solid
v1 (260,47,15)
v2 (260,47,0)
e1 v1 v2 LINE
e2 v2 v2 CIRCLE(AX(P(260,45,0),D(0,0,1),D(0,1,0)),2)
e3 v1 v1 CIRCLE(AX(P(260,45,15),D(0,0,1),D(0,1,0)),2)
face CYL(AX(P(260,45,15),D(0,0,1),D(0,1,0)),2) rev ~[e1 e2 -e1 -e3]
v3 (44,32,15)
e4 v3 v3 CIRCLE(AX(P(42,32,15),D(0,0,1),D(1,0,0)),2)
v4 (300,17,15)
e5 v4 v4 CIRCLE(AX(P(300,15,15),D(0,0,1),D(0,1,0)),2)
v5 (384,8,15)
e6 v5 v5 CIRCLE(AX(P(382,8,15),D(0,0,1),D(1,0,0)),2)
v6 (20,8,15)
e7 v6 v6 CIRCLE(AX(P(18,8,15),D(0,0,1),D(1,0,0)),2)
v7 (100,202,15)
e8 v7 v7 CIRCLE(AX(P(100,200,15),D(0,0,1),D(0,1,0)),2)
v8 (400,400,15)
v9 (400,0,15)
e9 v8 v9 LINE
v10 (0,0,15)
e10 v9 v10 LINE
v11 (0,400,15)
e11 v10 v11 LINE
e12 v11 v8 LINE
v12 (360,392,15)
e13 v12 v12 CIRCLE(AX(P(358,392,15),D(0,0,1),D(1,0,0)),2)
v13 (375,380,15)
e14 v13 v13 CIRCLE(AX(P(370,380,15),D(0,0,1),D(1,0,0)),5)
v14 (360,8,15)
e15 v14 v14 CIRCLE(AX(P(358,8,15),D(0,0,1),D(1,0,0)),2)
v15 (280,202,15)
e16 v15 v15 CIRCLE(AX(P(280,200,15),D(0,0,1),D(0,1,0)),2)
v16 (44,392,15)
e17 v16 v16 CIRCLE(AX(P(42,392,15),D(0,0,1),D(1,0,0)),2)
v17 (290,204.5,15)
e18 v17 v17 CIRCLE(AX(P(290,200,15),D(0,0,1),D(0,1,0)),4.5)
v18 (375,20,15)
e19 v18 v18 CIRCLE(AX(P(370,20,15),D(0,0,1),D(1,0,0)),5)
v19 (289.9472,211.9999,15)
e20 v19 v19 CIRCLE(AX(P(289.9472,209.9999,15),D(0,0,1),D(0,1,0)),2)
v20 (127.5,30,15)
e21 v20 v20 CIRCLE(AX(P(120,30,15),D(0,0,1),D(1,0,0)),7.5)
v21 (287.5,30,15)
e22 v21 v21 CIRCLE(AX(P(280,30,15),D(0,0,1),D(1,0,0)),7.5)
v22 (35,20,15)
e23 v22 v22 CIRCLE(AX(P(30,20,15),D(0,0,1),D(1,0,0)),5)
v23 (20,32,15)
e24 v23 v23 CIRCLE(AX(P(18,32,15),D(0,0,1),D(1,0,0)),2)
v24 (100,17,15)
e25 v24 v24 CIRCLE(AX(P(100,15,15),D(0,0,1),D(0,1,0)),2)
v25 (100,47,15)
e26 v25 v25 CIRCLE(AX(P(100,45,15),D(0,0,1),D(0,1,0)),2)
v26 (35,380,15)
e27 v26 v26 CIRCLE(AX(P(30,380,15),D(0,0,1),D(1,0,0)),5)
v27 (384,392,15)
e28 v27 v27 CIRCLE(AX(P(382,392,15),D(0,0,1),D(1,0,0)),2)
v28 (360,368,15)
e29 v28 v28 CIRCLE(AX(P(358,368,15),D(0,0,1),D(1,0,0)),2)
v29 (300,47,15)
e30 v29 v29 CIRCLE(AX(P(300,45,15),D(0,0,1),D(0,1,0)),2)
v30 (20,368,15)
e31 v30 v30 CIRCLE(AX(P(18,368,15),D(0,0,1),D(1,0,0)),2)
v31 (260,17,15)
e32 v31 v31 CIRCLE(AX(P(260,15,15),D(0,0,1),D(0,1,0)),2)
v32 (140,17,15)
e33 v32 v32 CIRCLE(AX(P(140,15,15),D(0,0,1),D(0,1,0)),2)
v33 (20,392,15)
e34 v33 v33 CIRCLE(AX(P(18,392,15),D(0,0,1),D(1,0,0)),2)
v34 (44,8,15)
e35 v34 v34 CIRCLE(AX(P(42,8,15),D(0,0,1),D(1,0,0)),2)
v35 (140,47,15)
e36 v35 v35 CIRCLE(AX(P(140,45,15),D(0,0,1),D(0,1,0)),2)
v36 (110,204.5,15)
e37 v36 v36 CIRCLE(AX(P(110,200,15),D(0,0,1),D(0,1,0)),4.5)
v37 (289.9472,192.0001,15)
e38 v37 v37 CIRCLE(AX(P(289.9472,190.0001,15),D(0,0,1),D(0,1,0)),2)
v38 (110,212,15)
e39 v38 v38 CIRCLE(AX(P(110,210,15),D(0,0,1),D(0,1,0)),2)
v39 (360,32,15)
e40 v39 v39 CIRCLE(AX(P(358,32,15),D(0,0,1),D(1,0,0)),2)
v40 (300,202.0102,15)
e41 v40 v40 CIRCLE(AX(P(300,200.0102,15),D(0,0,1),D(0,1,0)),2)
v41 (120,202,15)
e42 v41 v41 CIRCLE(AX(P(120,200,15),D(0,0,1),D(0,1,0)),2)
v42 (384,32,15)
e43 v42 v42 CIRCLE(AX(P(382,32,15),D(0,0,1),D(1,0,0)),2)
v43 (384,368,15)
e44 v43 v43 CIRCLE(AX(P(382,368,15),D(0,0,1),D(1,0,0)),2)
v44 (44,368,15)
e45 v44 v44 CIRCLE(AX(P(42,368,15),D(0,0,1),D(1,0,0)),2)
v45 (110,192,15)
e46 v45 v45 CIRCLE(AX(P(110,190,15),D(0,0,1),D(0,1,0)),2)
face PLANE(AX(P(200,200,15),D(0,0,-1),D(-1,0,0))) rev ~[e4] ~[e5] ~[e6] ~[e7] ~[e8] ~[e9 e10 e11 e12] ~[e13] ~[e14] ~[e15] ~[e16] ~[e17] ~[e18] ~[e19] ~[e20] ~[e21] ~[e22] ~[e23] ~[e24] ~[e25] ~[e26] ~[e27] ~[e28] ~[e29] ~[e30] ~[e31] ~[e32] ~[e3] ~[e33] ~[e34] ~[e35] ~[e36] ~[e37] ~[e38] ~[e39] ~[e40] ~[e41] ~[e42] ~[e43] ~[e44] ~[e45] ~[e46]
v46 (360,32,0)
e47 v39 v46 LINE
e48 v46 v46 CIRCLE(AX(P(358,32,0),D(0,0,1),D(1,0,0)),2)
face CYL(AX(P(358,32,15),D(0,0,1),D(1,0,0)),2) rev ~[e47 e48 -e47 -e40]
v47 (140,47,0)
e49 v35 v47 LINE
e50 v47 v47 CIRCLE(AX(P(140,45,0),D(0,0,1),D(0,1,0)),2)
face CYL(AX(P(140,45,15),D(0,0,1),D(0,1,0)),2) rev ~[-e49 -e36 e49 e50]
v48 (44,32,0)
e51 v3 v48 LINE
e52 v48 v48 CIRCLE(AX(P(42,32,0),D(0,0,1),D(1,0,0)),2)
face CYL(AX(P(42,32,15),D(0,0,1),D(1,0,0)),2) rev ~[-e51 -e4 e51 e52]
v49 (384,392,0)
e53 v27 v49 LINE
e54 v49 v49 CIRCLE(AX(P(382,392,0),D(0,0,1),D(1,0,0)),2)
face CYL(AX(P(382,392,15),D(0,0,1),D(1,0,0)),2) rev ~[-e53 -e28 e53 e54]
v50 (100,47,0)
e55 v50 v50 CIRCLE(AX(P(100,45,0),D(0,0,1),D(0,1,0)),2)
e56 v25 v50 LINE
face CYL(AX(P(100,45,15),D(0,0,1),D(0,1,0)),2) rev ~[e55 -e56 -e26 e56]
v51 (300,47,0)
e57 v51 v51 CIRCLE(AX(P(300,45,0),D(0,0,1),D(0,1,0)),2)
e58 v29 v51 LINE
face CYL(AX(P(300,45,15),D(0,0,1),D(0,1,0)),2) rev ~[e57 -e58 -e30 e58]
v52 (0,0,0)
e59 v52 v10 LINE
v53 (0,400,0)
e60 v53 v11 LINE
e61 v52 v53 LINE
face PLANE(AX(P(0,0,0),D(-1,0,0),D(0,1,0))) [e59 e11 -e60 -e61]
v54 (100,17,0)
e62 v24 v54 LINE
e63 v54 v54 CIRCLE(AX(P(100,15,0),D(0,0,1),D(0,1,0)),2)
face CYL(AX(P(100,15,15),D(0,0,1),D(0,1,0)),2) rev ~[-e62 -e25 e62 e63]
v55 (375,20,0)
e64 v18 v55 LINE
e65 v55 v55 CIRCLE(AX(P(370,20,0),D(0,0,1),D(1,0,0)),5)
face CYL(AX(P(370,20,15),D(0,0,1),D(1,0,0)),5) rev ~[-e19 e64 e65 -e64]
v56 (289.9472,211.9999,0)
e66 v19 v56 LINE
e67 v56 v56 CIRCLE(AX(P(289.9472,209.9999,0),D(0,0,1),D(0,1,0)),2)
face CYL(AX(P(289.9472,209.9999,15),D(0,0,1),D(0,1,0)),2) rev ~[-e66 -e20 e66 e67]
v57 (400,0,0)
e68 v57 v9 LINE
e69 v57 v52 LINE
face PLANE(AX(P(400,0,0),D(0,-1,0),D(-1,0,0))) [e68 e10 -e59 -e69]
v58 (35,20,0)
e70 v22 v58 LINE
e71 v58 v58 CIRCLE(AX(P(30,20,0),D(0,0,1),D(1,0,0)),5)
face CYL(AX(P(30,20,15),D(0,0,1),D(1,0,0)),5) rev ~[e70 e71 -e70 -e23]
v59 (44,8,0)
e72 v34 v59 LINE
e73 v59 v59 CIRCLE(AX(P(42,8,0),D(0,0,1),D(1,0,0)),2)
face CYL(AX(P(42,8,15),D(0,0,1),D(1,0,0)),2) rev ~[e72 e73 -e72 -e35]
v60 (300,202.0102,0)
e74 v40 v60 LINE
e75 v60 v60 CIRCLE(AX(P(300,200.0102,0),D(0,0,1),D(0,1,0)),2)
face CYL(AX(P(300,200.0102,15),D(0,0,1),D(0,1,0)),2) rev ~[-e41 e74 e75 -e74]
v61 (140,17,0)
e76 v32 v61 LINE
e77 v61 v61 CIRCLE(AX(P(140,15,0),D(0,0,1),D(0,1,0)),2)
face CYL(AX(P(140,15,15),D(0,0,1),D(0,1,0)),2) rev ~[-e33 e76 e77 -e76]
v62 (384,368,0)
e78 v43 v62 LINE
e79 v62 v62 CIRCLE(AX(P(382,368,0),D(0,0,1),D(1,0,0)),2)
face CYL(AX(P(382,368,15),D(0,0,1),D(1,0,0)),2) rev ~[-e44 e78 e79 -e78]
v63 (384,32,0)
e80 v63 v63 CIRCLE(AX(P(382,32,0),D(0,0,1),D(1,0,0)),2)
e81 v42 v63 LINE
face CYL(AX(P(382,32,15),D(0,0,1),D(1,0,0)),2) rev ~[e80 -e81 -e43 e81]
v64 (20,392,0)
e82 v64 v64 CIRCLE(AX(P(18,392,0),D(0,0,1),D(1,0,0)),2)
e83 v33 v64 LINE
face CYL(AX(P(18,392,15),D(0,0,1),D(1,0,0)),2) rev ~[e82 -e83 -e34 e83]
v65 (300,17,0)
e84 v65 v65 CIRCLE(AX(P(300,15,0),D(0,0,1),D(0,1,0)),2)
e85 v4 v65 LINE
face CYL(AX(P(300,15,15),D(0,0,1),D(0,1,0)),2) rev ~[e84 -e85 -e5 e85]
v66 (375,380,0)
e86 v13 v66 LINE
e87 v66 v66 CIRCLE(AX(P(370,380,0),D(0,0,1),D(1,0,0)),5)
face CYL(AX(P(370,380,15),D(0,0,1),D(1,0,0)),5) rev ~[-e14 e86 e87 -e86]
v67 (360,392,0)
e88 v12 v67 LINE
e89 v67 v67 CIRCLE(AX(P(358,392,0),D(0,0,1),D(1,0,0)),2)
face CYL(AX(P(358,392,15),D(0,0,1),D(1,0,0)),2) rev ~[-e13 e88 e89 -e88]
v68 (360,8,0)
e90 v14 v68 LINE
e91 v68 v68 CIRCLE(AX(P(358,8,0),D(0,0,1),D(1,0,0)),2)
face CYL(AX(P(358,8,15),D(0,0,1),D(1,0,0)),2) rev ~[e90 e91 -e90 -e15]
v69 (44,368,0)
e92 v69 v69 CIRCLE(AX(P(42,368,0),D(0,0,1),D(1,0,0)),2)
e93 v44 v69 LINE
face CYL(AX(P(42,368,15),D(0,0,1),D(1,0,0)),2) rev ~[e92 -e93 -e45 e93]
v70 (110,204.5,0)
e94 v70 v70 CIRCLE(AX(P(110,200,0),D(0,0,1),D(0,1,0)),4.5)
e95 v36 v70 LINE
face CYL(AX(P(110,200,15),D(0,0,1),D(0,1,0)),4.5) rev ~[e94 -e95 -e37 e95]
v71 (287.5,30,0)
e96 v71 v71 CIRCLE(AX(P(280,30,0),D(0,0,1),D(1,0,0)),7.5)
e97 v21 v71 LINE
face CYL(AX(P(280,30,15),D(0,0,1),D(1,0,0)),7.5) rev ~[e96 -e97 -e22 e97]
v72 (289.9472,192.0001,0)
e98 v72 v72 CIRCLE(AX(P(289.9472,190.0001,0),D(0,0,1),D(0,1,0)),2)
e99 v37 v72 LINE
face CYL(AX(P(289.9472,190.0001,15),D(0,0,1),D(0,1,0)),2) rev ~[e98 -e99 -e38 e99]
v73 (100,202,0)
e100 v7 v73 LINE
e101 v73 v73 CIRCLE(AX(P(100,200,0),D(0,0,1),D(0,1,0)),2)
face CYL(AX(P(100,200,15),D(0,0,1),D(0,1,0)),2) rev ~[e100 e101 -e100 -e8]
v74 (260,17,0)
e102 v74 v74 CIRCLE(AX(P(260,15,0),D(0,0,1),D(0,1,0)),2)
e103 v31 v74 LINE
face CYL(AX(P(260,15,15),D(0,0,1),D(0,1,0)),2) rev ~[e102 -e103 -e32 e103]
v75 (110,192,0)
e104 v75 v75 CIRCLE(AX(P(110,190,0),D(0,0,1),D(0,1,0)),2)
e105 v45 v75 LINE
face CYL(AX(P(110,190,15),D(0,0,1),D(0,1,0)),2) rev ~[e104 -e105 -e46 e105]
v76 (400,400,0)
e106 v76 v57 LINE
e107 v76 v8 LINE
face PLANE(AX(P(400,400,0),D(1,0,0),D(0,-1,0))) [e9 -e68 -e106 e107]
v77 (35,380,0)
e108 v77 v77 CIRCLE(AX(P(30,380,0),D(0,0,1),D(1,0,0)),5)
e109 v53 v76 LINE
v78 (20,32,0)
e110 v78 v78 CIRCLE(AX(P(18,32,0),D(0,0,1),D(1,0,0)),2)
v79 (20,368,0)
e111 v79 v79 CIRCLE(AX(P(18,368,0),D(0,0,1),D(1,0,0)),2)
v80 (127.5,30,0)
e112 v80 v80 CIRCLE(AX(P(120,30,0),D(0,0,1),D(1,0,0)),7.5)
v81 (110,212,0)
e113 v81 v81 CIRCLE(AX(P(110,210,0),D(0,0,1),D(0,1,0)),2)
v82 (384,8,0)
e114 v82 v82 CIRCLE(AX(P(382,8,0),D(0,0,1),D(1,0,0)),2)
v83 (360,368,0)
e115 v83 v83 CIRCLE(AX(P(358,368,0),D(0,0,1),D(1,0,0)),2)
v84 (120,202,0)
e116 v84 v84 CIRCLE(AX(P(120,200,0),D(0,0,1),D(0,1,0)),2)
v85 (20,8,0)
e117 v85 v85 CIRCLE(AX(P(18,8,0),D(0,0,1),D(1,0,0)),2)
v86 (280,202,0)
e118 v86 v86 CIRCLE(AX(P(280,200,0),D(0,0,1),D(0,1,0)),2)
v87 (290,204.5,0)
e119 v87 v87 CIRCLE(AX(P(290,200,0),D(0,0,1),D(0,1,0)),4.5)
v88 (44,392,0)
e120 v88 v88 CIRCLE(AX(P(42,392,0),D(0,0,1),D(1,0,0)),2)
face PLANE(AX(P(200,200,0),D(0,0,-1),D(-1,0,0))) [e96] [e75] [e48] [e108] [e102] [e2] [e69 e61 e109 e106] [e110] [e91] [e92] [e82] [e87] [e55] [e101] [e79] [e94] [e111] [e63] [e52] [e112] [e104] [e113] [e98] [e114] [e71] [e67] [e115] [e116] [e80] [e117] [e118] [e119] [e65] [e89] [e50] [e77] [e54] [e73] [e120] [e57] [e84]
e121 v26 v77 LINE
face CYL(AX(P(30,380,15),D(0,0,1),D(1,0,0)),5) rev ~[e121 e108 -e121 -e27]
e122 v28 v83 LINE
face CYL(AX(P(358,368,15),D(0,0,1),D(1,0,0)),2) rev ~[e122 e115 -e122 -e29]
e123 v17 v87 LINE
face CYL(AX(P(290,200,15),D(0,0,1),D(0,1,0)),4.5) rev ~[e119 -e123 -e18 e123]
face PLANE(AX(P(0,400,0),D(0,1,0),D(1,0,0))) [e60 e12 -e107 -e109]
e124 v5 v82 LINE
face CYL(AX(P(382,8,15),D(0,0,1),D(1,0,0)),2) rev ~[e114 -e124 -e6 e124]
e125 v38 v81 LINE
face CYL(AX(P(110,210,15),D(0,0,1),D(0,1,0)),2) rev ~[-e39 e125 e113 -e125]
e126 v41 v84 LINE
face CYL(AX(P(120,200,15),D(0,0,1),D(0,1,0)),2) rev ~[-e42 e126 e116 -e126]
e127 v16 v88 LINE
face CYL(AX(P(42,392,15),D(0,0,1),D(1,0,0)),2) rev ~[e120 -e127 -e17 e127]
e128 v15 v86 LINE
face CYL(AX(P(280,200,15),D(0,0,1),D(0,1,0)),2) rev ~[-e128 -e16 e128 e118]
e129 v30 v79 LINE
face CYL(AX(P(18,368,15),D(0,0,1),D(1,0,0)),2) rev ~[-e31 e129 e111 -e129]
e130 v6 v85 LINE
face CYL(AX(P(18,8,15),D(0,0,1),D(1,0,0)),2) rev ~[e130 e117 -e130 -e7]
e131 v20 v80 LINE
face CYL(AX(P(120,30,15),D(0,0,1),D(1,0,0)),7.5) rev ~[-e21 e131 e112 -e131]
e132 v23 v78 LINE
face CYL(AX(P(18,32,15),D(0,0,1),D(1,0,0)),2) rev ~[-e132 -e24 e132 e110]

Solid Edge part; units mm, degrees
sketch "Sketch1" plane through (0, 0, 0) normal (0, 0, 1) x (1, 0, 0)
  line L0 (400, 0) -> (0, 0)
  line L1 (0, 0) -> (0, 400)
  line L2 (0, 400) -> (400, 400)
  line L3 (400, 400) -> (400, 0)
extrude "Protrusion1" add sketch "Sketch1" along normal blind 15
sketch "Sketch2" plane through (200, 200, 15) normal (0, 0, 1) x (1, 0, 0)
  circle A0 centre (-170, 180) radius 5
extrude "VaciadoExtruido_1" cut sketch "Sketch2" against normal blind 15
sketch "Sketch3" plane through (200, 200, 15) normal (0, 0, 1) x (1, 0, 0)
  circle A0 centre (170, -180) radius 5
extrude "VaciadoExtruido_7" cut sketch "Sketch3" against normal blind 15
sketch "Sketch4" plane through (200, 200, 15) normal (0, 0, 1) x (1, 0, 0)
  circle A0 centre (-170, -180) radius 5
extrude "VaciadoExtruido_10" cut sketch "Sketch4" against normal blind 15
sketch "Sketch5" plane through (200, 200, 15) normal (0, 0, 1) x (1, 0, 0)
  circle A0 centre (170, 180) radius 5
extrude "VaciadoExtruido_13" cut sketch "Sketch5" against normal blind 15
sketch "Sketch6" plane through (200, 200, 15) normal (0, 0, 1) x (1, 0, 0)
  circle A0 centre (-182, 168) radius 2
extrude "VaciadoExtruido_14" cut sketch "Sketch6" against normal blind 15
sketch "Sketch7" plane through (200, 200, 15) normal (0, 0, 1) x (1, 0, 0)
  circle A0 centre (182, -192) radius 2
extrude "VaciadoExtruido_15" cut sketch "Sketch7" against normal blind 15
sketch "Sketch8" plane through (200, 200, 15) normal (0, 0, 1) x (1, 0, 0)
  circle A0 centre (182, -168) radius 2
extrude "VaciadoExtruido_16" cut sketch "Sketch8" against normal blind 15
sketch "Sketch9" plane through (200, 200, 15) normal (0, 0, 1) x (1, 0, 0)
  circle A0 centre (158, -192) radius 2
extrude "VaciadoExtruido_17" cut sketch "Sketch9" against normal blind 15
sketch "Sketch10" plane through (200, 200, 15) normal (0, 0, 1) x (1, 0, 0)
  circle A0 centre (158, -168) radius 2
extrude "VaciadoExtruido_18" cut sketch "Sketch10" against normal blind 15
sketch "Sketch11" plane through (200, 200, 15) normal (0, 0, 1) x (1, 0, 0)
  circle A0 centre (-158, -192) radius 2
extrude "VaciadoExtruido_19" cut sketch "Sketch11" against normal blind 15
sketch "Sketch12" plane through (200, 200, 15) normal (0, 0, 1) x (1, 0, 0)
  circle A0 centre (-182, -192) radius 2
extrude "VaciadoExtruido_20" cut sketch "Sketch12" against normal blind 15
sketch "Sketch13" plane through (200, 200, 15) normal (0, 0, 1) x (1, 0, 0)
  circle A0 centre (-182, -168) radius 2
extrude "VaciadoExtruido_21" cut sketch "Sketch13" against normal blind 15
sketch "Sketch14" plane through (200, 200, 15) normal (0, 0, 1) x (1, 0, 0)
  circle A0 centre (-158, -168) radius 2
extrude "VaciadoExtruido_22" cut sketch "Sketch14" against normal blind 15
sketch "Sketch15" plane through (200, 200, 15) normal (0, 0, 1) x (1, 0, 0)
  circle A0 centre (182, 168) radius 2
extrude "VaciadoExtruido_23" cut sketch "Sketch15" against normal blind 15
sketch "Sketch16" plane through (200, 200, 15) normal (0, 0, 1) x (1, 0, 0)
  circle A0 centre (158, 168) radius 2
extrude "VaciadoExtruido_24" cut sketch "Sketch16" against normal blind 15
sketch "Sketch17" plane through (200, 200, 15) normal (0, 0, 1) x (1, 0, 0)
  circle A0 centre (158, 192) radius 2
extrude "VaciadoExtruido_25" cut sketch "Sketch17" against normal blind 15
sketch "Sketch18" plane through (200, 200, 15) normal (0, 0, 1) x (1, 0, 0)
  circle A0 centre (182, 192) radius 2
extrude "VaciadoExtruido_26" cut sketch "Sketch18" against normal blind 15
sketch "Sketch19" plane through (200, 200, 15) normal (0, 0, 1) x (1, 0, 0)
  circle A0 centre (-158, 168) radius 2
extrude "VaciadoExtruido_27" cut sketch "Sketch19" against normal blind 15
sketch "Sketch20" plane through (200, 200, 15) normal (0, 0, 1) x (1, 0, 0)
  circle A0 centre (-158, 192) radius 2
extrude "VaciadoExtruido_29" cut sketch "Sketch20" against normal blind 15
sketch "Sketch21" plane through (200, 200, 15) normal (0, 0, 1) x (1, 0, 0)
  circle A0 centre (-182, 192) radius 2
extrude "VaciadoExtruido_30" cut sketch "Sketch21" against normal blind 15
sketch "Sketch22" plane through (200, 200, 15) normal (0, 0, 1) x (1, 0, 0)
  circle A0 centre (-80, -170) radius 7.5
extrude "VaciadoExtruido_32" cut sketch "Sketch22" against normal blind 15
sketch "Sketch23" plane through (200, 200, 15) normal (0, 0, 1) x (1, 0, 0)
  circle A0 centre (80, -170) radius 7.5
extrude "VaciadoExtruido_33" cut sketch "Sketch23" against normal blind 15
sketch "Sketch24" plane through (200, 200, 15) normal (0, 0, 1) x (0, 1, 0)
  circle A0 centre (0, 90) radius 4.5
extrude "VaciadoExtruido_34" cut sketch "Sketch24" against normal blind 15
sketch "Sketch25" plane through (200, 200, 15) normal (0, 0, 1) x (0, 1, 0)
  circle A0 centre (0, -90) radius 4.5
extrude "VaciadoExtruido_35" cut sketch "Sketch25" against normal blind 15
sketch "Sketch26" plane through (200, 200, 15) normal (0, 0, 1) x (0, 1, 0)
  circle A0 centre (-155, 60) radius 2
extrude "VaciadoExtruido_36" cut sketch "Sketch26" against normal blind 15
sketch "Sketch27" plane through (200, 200, 15) normal (0, 0, 1) x (0, 1, 0)
  circle A0 centre (-185, 60) radius 2
extrude "VaciadoExtruido_37" cut sketch "Sketch27" against normal blind 15
sketch "Sketch28" plane through (200, 200, 15) normal (0, 0, 1) x (0, 1, 0)
  circle A0 centre (-185, 100) radius 2
extrude "VaciadoExtruido_38" cut sketch "Sketch28" against normal blind 15
sketch "Sketch29" plane through (200, 200, 15) normal (0, 0, 1) x (0, 1, 0)
  circle A0 centre (-155, 100) radius 2
extrude "VaciadoExtruido_39" cut sketch "Sketch29" against normal blind 15
sketch "Sketch30" plane through (200, 200, 15) normal (0, 0, 1) x (0, 1, 0)
  circle A0 centre (-155, -100) radius 2
extrude "VaciadoExtruido_40" cut sketch "Sketch30" against normal blind 15
sketch "Sketch31" plane through (200, 200, 15) normal (0, 0, 1) x (0, 1, 0)
  circle A0 centre (-185, -100) radius 2
extrude "VaciadoExtruido_41" cut sketch "Sketch31" against normal blind 15
sketch "Sketch32" plane through (200, 200, 15) normal (0, 0, 1) x (0, 1, 0)
  circle A0 centre (-155, -60) radius 2
extrude "VaciadoExtruido_42" cut sketch "Sketch32" against normal blind 15
sketch "Sketch33" plane through (200, 200, 15) normal (0, 0, 1) x (0, 1, 0)
  circle A0 centre (-185, -60) radius 2
extrude "VaciadoExtruido_43" cut sketch "Sketch33" against normal blind 15
sketch "Sketch34" plane through (200, 200, 15) normal (0, 0, 1) x (0, 1, 0)
  circle A0 centre (-9.9999, -89.9472) radius 2
extrude "VaciadoExtruido_44" cut sketch "Sketch34" against normal blind 15
sketch "Sketch35" plane through (200, 200, 15) normal (0, 0, 1) x (0, 1, 0)
  circle A0 centre (0.0102, -100) radius 2
extrude "VaciadoExtruido_45" cut sketch "Sketch35" against normal blind 15
sketch "Sketch36" plane through (200, 200, 15) normal (0, 0, 1) x (0, 1, 0)
  circle A0 centre (9.9999, -89.9472) radius 2
extrude "VaciadoExtruido_46" cut sketch "Sketch36" against normal blind 15
sketch "Sketch37" plane through (200, 200, 15) normal (0, 0, 1) x (0, 1, 0)
  circle A0 centre (0, -80) radius 2
extrude "VaciadoExtruido_47" cut sketch "Sketch37" against normal blind 15
sketch "Sketch38" plane through (200, 200, 15) normal (0, 0, 1) x (0, 1, 0)
  circle A0 centre (0, 100) radius 2
extrude "VaciadoExtruido_48" cut sketch "Sketch38" against normal blind 15
sketch "Sketch39" plane through (200, 200, 15) normal (0, 0, 1) x (0, 1, 0)
  circle A0 centre (-10, 90) radius 2
extrude "VaciadoExtruido_49" cut sketch "Sketch39" against normal blind 15
sketch "Sketch40" plane through (200, 200, 15) normal (0, 0, 1) x (0, 1, 0)
  circle A0 centre (0, 80) radius 2
extrude "VaciadoExtruido_50" cut sketch "Sketch40" against normal blind 15
sketch "Sketch41" plane through (200, 200, 15) normal (0, 0, 1) x (0, 1, 0)
  circle A0 centre (10, 90) radius 2
extrude "VaciadoExtruido_51" cut sketch "Sketch41" against normal blind 15
